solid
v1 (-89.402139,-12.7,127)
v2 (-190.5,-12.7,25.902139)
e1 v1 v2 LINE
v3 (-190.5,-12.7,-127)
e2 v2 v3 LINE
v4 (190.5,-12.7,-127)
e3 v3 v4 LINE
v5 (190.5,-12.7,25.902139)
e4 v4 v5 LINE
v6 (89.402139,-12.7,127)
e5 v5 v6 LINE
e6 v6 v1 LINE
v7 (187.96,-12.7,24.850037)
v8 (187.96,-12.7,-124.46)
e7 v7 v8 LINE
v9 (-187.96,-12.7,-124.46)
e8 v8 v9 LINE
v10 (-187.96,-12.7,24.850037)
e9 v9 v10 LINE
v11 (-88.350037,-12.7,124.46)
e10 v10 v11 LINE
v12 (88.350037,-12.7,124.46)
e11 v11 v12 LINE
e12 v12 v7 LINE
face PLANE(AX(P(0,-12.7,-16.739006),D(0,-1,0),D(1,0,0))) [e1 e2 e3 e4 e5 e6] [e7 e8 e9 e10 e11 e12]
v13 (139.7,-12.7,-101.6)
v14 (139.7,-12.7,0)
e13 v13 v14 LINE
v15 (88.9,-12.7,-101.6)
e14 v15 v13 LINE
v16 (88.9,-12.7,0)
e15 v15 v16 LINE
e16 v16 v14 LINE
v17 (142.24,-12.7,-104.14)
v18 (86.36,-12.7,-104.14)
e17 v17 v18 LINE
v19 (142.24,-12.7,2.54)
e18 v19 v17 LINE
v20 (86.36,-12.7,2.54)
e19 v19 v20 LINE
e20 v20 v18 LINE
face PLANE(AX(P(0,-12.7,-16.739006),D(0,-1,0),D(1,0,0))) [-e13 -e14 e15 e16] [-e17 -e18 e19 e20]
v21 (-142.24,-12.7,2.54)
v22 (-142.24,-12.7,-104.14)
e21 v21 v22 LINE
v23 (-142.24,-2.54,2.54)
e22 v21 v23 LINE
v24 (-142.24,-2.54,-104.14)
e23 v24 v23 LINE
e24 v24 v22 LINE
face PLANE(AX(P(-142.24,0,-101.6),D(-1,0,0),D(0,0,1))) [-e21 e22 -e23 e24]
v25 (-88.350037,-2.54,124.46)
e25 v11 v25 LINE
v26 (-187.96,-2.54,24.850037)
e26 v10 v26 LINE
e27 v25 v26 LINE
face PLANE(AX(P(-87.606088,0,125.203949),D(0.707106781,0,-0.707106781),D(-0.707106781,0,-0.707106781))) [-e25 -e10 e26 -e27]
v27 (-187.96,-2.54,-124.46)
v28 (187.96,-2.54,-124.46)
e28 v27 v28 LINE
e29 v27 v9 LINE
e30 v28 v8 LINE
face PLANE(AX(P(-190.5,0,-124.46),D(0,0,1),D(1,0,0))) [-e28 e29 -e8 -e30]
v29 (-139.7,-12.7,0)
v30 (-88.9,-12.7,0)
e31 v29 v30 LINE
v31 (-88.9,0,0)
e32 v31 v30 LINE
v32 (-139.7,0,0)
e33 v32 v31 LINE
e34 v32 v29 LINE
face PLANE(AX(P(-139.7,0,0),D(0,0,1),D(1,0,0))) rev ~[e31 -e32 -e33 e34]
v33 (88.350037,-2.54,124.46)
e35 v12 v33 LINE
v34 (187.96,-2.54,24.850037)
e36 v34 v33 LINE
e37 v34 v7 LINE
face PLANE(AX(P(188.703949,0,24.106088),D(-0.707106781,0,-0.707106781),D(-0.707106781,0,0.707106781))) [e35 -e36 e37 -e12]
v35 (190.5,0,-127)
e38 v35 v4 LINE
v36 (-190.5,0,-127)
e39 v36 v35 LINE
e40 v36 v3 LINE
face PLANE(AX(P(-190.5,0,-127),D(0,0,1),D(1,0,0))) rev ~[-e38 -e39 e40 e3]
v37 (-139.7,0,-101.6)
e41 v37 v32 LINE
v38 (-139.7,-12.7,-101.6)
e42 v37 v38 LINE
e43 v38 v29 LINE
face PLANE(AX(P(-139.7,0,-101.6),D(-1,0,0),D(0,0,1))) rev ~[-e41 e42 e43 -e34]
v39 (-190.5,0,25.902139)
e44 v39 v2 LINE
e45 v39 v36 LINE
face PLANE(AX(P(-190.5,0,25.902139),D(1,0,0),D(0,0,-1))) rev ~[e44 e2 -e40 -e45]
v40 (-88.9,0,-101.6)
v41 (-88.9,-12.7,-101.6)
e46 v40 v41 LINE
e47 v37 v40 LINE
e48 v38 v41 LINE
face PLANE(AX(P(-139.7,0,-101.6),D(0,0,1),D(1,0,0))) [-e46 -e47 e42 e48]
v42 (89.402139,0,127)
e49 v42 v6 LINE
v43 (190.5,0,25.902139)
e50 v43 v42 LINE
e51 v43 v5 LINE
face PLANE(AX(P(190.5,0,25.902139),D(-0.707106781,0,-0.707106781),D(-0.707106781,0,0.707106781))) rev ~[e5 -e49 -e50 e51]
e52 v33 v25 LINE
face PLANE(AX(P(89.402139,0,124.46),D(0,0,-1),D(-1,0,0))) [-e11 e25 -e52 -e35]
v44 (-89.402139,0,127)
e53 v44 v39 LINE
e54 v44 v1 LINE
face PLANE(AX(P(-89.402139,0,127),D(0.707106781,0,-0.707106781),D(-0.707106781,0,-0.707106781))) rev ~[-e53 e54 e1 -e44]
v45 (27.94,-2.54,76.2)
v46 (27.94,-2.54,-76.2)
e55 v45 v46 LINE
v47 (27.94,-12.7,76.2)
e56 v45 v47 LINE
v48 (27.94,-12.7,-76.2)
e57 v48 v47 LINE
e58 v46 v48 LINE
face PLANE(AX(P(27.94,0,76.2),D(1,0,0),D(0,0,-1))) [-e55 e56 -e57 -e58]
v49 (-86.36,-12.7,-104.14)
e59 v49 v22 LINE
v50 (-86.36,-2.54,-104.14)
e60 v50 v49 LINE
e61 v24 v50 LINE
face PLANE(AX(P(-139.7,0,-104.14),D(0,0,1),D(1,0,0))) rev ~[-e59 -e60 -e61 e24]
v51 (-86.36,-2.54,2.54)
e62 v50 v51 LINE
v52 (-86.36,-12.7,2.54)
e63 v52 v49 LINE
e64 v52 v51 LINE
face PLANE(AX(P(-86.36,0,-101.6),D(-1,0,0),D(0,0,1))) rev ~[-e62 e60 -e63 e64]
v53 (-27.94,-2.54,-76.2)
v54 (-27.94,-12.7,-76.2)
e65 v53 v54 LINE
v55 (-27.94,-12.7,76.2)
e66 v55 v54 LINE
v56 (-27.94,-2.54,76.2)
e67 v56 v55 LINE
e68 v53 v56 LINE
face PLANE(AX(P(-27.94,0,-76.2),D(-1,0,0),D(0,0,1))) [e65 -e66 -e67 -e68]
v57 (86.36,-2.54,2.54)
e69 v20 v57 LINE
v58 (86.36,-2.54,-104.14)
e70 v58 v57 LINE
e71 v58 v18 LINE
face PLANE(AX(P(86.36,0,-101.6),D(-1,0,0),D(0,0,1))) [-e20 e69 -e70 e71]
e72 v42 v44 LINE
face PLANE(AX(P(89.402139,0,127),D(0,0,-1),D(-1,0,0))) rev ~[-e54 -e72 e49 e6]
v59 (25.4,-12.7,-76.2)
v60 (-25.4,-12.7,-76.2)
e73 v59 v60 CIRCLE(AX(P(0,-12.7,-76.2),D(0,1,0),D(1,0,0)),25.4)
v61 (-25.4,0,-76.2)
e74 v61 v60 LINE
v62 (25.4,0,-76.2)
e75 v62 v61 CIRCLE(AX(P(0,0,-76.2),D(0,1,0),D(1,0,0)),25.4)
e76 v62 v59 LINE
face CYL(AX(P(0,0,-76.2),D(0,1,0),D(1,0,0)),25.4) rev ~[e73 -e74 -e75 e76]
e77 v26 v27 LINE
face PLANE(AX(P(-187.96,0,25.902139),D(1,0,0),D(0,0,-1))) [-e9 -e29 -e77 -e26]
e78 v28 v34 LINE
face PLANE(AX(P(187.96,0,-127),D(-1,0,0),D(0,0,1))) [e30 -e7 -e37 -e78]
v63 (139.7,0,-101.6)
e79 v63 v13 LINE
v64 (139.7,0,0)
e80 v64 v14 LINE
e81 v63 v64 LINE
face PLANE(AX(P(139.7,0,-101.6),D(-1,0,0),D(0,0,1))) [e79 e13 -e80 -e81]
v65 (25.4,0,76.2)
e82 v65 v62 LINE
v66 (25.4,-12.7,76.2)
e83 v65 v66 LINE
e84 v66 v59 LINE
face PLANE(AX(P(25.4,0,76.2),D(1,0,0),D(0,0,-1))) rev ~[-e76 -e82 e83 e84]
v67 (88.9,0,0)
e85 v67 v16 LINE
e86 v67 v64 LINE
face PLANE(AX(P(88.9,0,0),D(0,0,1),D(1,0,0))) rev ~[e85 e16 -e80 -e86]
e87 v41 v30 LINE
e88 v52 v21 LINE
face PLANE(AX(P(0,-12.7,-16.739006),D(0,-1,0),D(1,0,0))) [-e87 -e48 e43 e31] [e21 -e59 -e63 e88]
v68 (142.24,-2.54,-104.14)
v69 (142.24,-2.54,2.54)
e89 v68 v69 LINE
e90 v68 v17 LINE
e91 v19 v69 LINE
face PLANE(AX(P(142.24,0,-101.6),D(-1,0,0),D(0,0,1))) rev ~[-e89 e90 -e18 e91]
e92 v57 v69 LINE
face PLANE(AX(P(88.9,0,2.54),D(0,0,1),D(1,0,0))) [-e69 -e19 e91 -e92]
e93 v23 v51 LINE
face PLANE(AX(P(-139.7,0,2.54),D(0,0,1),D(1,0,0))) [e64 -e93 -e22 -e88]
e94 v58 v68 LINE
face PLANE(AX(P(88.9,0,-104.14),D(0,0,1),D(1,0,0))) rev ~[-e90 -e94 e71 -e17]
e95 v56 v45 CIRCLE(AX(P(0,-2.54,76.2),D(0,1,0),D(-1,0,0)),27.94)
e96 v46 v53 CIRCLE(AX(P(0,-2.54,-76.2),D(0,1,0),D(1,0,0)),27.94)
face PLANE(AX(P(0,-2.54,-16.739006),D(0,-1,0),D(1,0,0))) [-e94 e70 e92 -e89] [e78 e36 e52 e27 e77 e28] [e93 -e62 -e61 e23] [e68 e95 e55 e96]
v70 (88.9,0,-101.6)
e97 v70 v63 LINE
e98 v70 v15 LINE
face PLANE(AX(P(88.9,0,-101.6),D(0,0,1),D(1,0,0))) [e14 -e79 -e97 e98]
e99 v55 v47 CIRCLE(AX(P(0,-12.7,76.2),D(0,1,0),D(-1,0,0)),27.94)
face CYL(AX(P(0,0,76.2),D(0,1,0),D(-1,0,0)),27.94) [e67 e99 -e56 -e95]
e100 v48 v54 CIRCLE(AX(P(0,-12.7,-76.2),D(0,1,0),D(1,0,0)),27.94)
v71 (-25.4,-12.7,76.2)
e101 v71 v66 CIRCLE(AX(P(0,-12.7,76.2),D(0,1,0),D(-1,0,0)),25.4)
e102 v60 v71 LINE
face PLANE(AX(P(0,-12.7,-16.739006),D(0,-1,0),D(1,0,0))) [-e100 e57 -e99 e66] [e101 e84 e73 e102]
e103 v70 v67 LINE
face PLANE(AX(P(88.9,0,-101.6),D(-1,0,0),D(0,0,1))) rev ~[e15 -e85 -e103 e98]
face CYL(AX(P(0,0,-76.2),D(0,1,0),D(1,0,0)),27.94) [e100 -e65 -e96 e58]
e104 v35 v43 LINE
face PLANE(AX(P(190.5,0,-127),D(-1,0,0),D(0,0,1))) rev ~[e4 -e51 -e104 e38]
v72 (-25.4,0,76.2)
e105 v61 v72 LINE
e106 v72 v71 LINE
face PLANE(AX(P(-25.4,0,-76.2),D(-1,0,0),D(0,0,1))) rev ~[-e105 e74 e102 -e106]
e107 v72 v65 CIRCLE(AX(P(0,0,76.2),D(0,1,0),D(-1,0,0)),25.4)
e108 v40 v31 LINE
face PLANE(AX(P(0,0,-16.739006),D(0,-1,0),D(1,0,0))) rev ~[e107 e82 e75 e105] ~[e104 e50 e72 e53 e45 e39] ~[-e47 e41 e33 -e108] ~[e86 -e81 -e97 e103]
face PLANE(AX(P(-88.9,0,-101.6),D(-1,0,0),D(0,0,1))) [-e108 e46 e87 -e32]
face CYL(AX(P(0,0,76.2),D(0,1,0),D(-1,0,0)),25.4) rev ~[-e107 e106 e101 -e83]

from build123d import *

# Parameters (mm, degrees)
F0_W     = 50.8
F0_H     = 101.6
F1_DEPTH = 12.7
F2_T     = -2.54


with BuildPart() as f1:
    # F0 (on Front) → F1 (new body)
    with BuildSketch(Plane.XZ):
        Polygon((-190.5, 25.9021391869), (-190.5, -127), (190.5, -127), (190.5, 25.9021391869), (89.4021391869, 127), (-89.4021391869, 127), align=None)
        with Locations((-114.3, -50.8)):
            Rectangle(F0_W, F0_H, mode=Mode.SUBTRACT)
        with Locations((114.3, -50.8)):
            Rectangle(F0_W, F0_H, mode=Mode.SUBTRACT)
        with BuildLine():
            Line((-25.4, -76.2), (-25.4, 76.2))
            ThreePointArc((-25.4, 76.2), (0, 101.6), (25.4, 76.2))
            Line((25.4, 76.2), (25.4, -76.2))
            ThreePointArc((25.4, -76.2), (0, -101.6), (-25.4, -76.2))
        make_face(mode=Mode.SUBTRACT)
    extrude(amount=F1_DEPTH)

    # F2
    f2_openings = [f1.faces().sort_by_distance(p)[0] for p in [
        (-136.713192, -12.7, 73.213192),
    ]]
    offset(amount=F2_T, openings=f2_openings, kind=Kind.INTERSECTION)


solid = f1.part
